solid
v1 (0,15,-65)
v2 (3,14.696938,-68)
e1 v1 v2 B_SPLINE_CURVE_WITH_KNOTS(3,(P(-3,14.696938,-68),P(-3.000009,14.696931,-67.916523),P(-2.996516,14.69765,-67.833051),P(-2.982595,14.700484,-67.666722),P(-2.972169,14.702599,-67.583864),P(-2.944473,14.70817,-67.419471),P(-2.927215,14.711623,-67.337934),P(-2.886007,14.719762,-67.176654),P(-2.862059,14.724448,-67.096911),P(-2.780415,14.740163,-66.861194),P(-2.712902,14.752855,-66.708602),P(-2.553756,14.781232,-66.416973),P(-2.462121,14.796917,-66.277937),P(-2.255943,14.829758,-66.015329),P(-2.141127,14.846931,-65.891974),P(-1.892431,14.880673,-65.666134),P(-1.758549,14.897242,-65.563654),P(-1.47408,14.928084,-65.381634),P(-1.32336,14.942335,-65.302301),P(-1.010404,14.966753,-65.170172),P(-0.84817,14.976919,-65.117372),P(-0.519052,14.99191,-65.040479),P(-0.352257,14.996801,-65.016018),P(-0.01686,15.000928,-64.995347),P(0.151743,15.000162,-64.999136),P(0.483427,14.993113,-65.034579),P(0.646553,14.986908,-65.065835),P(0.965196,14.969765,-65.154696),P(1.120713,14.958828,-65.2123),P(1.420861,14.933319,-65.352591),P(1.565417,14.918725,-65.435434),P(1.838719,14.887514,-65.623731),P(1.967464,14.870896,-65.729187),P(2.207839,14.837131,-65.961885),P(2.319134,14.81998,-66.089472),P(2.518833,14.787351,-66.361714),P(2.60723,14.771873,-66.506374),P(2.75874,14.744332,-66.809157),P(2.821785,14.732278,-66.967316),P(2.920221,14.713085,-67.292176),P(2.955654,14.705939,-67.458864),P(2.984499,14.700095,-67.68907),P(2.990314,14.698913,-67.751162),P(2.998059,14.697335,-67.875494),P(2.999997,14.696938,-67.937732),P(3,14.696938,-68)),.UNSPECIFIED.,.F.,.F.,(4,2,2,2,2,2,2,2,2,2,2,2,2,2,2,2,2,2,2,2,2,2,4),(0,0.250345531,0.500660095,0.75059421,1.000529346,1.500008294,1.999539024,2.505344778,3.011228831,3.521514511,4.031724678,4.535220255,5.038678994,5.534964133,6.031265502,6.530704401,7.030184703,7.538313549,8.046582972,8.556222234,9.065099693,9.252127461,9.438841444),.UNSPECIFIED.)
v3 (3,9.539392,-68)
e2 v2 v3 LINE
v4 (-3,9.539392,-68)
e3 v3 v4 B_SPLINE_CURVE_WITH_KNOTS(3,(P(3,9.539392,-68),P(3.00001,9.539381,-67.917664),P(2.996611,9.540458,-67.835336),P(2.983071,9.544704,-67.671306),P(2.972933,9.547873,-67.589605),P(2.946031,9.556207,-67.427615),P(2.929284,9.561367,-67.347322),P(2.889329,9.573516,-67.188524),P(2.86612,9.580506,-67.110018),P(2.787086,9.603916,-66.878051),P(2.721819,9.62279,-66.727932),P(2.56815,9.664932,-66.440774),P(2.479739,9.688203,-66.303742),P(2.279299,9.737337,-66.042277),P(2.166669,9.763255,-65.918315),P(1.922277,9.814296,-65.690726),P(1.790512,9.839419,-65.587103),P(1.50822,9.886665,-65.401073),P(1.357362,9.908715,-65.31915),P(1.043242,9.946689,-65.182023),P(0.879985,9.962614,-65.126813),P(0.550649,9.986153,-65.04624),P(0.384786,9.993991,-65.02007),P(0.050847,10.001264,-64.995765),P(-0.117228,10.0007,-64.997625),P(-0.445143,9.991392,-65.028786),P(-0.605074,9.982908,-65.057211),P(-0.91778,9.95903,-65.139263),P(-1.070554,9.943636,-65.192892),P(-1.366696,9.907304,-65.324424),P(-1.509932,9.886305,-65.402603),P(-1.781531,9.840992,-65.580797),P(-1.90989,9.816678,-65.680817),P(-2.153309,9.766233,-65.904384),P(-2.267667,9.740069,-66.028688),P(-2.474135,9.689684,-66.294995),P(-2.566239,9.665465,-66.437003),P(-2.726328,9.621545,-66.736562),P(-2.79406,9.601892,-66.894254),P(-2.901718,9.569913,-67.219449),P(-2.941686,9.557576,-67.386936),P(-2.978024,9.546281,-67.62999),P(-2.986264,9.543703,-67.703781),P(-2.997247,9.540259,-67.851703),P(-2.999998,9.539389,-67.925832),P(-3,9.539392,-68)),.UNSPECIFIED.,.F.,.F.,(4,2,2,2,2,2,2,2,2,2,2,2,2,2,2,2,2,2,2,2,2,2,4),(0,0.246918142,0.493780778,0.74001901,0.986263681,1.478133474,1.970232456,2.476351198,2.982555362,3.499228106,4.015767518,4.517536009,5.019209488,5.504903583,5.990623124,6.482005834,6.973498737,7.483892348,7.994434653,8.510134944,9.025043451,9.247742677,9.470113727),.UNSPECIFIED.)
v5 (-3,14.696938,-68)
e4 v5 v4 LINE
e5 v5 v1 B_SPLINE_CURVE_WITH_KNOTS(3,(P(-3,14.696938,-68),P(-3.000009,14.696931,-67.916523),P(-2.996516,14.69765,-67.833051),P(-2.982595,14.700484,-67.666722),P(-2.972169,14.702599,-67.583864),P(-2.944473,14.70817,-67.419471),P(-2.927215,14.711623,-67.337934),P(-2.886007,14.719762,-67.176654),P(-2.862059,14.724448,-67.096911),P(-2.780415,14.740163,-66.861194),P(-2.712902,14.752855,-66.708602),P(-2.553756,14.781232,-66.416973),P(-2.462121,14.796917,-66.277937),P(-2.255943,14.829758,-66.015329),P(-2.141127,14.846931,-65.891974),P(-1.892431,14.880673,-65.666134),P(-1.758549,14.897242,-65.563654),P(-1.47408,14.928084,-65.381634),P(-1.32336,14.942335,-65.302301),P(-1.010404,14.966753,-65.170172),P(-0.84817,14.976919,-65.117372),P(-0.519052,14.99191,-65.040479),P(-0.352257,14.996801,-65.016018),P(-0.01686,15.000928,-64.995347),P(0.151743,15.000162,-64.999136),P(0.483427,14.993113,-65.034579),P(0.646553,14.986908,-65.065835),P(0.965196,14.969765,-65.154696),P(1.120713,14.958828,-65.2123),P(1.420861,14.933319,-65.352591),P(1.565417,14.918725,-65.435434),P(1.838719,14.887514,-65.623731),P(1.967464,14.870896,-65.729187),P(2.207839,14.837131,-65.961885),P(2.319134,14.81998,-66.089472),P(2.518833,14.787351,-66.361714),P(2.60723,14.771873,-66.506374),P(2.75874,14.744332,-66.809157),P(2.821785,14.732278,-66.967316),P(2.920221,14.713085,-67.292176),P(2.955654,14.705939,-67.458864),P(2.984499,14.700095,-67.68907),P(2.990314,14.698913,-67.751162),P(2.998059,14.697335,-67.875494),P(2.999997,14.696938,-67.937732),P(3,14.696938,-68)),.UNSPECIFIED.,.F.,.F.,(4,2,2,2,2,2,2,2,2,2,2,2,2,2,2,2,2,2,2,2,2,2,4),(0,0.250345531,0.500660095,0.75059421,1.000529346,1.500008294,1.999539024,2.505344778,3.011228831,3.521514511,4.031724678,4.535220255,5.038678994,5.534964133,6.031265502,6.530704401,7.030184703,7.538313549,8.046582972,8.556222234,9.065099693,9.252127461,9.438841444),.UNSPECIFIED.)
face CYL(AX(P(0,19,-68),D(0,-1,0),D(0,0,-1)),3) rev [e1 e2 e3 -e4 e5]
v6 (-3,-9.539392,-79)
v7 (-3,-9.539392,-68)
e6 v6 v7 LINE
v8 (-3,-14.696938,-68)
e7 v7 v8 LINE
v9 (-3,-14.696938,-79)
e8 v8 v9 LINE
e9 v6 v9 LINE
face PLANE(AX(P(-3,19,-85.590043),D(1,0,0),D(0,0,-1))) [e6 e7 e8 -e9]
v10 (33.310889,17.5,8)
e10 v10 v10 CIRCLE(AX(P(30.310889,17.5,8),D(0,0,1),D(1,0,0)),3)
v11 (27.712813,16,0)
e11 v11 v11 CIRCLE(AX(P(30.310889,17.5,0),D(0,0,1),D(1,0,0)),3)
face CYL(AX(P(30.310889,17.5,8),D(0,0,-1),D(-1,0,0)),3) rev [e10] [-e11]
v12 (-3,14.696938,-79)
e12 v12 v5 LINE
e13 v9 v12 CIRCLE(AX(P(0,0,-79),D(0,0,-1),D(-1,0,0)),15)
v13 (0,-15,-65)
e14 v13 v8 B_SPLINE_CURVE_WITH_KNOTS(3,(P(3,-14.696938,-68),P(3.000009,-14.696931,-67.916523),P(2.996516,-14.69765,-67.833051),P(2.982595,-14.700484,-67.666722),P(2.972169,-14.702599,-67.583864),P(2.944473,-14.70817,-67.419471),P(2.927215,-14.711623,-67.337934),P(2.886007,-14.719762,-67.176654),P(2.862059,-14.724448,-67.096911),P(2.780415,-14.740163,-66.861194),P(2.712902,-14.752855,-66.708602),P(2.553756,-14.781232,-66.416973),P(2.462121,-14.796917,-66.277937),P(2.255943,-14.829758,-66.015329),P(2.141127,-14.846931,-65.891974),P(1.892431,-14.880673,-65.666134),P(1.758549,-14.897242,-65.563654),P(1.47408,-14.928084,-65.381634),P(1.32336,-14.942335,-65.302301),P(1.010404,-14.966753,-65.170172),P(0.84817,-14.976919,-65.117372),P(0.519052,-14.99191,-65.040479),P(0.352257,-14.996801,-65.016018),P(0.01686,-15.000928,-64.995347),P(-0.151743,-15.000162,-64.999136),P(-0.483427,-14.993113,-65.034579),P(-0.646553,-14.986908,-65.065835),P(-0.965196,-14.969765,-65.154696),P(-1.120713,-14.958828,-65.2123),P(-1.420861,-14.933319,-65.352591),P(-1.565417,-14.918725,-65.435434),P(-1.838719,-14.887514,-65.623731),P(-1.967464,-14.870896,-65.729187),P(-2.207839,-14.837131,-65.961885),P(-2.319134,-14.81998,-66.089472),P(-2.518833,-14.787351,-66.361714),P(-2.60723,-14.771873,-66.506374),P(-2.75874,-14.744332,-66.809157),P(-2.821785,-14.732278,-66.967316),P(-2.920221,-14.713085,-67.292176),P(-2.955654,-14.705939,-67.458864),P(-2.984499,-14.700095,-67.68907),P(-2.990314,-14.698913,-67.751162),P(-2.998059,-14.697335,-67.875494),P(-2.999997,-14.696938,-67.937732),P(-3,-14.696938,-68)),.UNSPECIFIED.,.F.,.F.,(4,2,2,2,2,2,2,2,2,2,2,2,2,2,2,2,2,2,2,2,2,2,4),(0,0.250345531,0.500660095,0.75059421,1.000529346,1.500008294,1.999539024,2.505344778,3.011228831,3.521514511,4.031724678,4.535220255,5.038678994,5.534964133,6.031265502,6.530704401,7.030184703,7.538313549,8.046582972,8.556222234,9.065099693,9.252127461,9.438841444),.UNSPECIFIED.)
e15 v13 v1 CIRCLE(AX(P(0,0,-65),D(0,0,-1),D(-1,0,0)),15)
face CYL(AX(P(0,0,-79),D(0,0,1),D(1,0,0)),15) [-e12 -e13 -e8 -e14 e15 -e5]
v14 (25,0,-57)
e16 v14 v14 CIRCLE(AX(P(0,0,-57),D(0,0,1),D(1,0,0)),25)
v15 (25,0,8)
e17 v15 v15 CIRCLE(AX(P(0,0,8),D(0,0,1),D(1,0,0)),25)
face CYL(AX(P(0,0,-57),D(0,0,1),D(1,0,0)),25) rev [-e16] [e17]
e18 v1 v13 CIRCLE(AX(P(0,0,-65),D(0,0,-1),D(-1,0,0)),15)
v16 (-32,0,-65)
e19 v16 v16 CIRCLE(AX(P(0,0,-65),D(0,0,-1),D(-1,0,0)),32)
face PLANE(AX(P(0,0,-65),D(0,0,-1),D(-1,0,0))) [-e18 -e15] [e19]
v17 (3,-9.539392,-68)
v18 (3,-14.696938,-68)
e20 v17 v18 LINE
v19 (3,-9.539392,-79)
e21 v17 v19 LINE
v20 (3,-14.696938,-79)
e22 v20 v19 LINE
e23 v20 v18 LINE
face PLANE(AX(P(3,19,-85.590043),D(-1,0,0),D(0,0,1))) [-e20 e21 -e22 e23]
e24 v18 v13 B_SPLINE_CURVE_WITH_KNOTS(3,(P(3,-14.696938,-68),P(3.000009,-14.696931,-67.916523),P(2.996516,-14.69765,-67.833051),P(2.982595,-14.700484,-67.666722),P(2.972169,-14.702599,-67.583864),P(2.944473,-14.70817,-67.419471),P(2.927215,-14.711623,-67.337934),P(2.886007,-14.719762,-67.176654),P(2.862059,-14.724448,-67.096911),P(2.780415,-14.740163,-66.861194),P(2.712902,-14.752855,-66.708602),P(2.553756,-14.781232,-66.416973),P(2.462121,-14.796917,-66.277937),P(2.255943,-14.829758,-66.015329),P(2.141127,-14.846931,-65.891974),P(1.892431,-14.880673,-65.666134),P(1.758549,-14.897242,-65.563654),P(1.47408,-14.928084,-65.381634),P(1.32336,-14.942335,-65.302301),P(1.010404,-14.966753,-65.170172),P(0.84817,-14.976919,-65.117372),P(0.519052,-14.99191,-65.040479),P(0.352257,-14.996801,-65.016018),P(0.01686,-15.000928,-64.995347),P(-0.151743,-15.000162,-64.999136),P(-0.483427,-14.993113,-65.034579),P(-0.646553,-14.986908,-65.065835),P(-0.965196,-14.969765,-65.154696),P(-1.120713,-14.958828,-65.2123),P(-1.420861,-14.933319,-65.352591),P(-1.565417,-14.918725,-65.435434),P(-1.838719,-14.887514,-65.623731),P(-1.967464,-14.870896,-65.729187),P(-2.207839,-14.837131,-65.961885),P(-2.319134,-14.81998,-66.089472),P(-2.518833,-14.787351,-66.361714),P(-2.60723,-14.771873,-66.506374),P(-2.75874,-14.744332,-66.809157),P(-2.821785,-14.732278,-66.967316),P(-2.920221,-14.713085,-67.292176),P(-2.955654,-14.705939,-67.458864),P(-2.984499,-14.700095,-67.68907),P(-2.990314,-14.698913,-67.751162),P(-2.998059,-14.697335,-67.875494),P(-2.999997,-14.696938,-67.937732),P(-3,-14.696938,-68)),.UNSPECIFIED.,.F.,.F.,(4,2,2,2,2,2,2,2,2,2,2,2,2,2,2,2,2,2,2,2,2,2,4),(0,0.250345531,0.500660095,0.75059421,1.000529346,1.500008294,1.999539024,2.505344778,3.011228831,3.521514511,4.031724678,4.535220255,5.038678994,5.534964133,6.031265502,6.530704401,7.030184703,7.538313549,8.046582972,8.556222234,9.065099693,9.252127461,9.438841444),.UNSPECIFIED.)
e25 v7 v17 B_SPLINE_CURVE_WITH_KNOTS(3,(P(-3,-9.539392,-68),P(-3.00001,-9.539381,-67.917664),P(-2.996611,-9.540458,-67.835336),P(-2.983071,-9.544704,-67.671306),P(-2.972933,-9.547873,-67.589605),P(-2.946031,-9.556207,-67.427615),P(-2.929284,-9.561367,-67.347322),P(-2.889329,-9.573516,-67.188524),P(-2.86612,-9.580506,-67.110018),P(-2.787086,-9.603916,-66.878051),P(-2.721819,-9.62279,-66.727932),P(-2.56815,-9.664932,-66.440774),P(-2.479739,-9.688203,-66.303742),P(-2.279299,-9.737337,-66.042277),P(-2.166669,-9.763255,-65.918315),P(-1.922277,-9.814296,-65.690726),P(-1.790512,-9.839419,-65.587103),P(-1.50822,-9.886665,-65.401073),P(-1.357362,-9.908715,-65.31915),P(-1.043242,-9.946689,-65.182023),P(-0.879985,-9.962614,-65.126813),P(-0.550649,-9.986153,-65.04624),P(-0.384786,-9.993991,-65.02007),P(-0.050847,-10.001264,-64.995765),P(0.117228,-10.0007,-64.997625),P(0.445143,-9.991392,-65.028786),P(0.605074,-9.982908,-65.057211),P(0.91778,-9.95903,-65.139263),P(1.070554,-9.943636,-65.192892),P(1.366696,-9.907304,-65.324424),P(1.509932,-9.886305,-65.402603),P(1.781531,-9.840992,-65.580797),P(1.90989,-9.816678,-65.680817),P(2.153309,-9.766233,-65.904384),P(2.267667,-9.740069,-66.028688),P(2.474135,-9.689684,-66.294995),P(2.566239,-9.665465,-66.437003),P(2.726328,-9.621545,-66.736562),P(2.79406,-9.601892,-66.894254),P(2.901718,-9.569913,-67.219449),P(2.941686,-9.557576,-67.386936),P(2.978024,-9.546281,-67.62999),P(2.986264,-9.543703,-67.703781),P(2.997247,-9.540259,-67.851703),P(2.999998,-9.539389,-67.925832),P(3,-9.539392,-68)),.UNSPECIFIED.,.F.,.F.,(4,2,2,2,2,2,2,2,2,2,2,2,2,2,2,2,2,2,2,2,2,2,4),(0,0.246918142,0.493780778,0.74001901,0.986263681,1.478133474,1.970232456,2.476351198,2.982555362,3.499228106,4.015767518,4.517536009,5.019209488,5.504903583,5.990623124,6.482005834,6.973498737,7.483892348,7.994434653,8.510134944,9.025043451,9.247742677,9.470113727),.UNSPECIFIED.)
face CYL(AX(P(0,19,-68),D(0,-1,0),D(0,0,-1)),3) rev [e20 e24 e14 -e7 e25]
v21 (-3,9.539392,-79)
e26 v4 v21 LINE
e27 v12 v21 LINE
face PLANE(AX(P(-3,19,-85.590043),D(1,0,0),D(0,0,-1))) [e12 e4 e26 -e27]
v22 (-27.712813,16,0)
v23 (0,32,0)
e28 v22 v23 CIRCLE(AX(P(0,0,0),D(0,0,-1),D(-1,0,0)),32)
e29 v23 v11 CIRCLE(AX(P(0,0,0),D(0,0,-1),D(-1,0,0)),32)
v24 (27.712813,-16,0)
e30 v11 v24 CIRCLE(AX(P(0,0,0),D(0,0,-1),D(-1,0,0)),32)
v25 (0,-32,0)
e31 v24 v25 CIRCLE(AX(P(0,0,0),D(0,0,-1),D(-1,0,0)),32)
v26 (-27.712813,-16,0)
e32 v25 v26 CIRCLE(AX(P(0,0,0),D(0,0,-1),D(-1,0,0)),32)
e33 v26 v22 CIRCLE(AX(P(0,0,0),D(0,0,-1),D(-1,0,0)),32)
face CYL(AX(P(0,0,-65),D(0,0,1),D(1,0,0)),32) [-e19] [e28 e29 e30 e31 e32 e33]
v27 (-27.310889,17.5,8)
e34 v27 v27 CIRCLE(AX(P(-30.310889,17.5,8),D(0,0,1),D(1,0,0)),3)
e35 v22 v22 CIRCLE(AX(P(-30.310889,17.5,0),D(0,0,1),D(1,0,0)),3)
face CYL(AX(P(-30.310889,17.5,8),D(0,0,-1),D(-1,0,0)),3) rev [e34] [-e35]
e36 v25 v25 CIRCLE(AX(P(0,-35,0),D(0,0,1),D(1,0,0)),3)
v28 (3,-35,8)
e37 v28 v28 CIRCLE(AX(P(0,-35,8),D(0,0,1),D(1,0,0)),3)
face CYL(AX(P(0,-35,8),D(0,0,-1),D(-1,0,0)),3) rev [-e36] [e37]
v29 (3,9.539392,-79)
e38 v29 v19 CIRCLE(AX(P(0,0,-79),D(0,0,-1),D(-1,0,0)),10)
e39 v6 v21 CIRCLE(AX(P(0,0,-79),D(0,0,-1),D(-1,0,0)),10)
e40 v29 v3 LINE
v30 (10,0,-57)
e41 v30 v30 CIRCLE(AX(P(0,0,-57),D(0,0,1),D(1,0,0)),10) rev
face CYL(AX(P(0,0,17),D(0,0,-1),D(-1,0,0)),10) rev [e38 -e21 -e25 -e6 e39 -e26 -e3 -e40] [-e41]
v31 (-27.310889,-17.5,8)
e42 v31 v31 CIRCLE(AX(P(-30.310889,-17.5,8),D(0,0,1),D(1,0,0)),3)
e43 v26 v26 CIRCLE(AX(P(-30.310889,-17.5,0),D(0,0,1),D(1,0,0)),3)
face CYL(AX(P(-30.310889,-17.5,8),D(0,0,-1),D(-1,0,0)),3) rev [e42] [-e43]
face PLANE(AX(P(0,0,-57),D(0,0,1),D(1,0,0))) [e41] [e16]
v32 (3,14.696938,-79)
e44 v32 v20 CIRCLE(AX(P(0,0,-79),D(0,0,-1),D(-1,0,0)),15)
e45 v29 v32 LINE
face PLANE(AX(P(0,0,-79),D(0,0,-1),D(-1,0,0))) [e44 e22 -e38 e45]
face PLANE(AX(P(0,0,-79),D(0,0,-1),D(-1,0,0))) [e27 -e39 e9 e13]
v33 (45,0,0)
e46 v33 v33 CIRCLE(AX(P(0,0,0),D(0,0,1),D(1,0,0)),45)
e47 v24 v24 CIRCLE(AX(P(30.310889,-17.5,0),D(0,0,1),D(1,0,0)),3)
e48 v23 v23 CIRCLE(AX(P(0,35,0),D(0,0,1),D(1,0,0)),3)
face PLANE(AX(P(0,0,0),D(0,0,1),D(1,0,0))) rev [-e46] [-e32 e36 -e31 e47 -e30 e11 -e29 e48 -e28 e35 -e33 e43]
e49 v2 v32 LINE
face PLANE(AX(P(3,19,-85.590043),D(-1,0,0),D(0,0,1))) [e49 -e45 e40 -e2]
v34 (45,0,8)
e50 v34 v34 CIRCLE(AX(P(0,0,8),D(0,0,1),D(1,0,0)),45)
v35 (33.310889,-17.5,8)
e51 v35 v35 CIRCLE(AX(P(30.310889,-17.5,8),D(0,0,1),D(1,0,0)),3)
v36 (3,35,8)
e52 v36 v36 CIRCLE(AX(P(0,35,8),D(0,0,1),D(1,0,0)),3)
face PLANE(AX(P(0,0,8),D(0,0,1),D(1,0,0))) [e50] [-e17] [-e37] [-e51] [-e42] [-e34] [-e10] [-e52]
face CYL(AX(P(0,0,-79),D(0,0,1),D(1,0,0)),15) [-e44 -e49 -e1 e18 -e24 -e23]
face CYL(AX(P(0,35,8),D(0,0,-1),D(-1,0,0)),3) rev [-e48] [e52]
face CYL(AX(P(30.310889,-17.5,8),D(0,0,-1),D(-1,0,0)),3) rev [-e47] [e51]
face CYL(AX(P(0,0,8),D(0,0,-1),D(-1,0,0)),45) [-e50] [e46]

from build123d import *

# Parameters (mm, degrees)
SZKIC1_R                        = 45
SZKIC1_R_2                      = 3
DODANIE_WYCI_GNI_CIE1_DEPTH     = 8
SZKIC2_R                        = 32
DODANIE_WYCI_GNI_CIE2_DEPTH     = 65
SZKIC3_R                        = 15
DODANIE_WYCI_GNI_CIE3_DEPTH     = 14
SZKIC4_R                        = 10
WYTNIJ_WYCI_GNI_CIE1_DEPTH      = 96
SZKIC5_R                        = 25
WYTNIJ_WYCI_GNI_CIE2_DEPTH      = 65
WYTNIJ_WYCI_GNI_CIE3_DEPTH      = 19
WYTNIJ_WYCI_GNI_CIE3_DEPTH_BACK = 19


with BuildPart() as part:
    # Szkic1 → Dodanie-wyciągnięcie1 (new body)
    with BuildSketch(Plane.XY):
        Circle(SZKIC1_R)
        with Locations((0, 35)):
            Circle(SZKIC1_R_2, mode=Mode.SUBTRACT)
        with Locations((-30.310889132, 17.5)):
            Circle(SZKIC1_R_2, mode=Mode.SUBTRACT)
        with Locations((30.310889132, -17.5)):
            Circle(SZKIC1_R_2, mode=Mode.SUBTRACT)
        with Locations((30.310889132, 17.5)):
            Circle(SZKIC1_R_2, mode=Mode.SUBTRACT)
        with Locations((-30.310889132, -17.5)):
            Circle(SZKIC1_R_2, mode=Mode.SUBTRACT)
        with Locations((0, -35)):
            Circle(SZKIC1_R_2, mode=Mode.SUBTRACT)
    extrude(amount=DODANIE_WYCI_GNI_CIE1_DEPTH)

    # Szkic2 → Dodanie-wyciągnięcie2 (add)
    with BuildSketch(Plane(origin=(0, 0, 0), x_dir=(-1, 0, 0), z_dir=(0, 0, -1))):
        Circle(SZKIC2_R)
    extrude(amount=DODANIE_WYCI_GNI_CIE2_DEPTH)

    # Szkic3 → Dodanie-wyciągnięcie3 (add)
    with BuildSketch(Plane(origin=(0, 0, -65), x_dir=(-1, 0, 0), z_dir=(0, 0, -1))):
        Circle(SZKIC3_R)
    extrude(amount=DODANIE_WYCI_GNI_CIE3_DEPTH)

    # Szkic4 → Wytnij-wyciągnięcie1 (cut)
    with BuildSketch(Plane(origin=(0, 0, -79), x_dir=(-1, 0, 0), z_dir=(0, 0, -1))):
        Circle(SZKIC4_R)
    extrude(amount=-WYTNIJ_WYCI_GNI_CIE1_DEPTH, mode=Mode.SUBTRACT)

    # Szkic5 → Wytnij-wyciągnięcie2 (cut)
    with BuildSketch(Plane.XY.offset(8)):
        Circle(SZKIC5_R)
    extrude(amount=-WYTNIJ_WYCI_GNI_CIE2_DEPTH, mode=Mode.SUBTRACT)

    # Szkic6 → Wytnij-wyciągnięcie3 (cut, two sides: drawn at the far end of the back side and taken through both)
    with BuildSketch(Plane(origin=(0, 0, 0), x_dir=(1, 0, 0), z_dir=(0, 1, 0)).offset(-WYTNIJ_WYCI_GNI_CIE3_DEPTH_BACK)):
        with BuildLine():
            Line((-3, 85.590042605), (3, 85.590042605))
            Line((3, 85.590042605), (3, 68))
            ThreePointArc((3, 68), (0, 65), (-3, 68))
            Line((-3, 68), (-3, 85.590042605))
        make_face()
    extrude(amount=WYTNIJ_WYCI_GNI_CIE3_DEPTH + WYTNIJ_WYCI_GNI_CIE3_DEPTH_BACK, mode=Mode.SUBTRACT)


solid = part.part
